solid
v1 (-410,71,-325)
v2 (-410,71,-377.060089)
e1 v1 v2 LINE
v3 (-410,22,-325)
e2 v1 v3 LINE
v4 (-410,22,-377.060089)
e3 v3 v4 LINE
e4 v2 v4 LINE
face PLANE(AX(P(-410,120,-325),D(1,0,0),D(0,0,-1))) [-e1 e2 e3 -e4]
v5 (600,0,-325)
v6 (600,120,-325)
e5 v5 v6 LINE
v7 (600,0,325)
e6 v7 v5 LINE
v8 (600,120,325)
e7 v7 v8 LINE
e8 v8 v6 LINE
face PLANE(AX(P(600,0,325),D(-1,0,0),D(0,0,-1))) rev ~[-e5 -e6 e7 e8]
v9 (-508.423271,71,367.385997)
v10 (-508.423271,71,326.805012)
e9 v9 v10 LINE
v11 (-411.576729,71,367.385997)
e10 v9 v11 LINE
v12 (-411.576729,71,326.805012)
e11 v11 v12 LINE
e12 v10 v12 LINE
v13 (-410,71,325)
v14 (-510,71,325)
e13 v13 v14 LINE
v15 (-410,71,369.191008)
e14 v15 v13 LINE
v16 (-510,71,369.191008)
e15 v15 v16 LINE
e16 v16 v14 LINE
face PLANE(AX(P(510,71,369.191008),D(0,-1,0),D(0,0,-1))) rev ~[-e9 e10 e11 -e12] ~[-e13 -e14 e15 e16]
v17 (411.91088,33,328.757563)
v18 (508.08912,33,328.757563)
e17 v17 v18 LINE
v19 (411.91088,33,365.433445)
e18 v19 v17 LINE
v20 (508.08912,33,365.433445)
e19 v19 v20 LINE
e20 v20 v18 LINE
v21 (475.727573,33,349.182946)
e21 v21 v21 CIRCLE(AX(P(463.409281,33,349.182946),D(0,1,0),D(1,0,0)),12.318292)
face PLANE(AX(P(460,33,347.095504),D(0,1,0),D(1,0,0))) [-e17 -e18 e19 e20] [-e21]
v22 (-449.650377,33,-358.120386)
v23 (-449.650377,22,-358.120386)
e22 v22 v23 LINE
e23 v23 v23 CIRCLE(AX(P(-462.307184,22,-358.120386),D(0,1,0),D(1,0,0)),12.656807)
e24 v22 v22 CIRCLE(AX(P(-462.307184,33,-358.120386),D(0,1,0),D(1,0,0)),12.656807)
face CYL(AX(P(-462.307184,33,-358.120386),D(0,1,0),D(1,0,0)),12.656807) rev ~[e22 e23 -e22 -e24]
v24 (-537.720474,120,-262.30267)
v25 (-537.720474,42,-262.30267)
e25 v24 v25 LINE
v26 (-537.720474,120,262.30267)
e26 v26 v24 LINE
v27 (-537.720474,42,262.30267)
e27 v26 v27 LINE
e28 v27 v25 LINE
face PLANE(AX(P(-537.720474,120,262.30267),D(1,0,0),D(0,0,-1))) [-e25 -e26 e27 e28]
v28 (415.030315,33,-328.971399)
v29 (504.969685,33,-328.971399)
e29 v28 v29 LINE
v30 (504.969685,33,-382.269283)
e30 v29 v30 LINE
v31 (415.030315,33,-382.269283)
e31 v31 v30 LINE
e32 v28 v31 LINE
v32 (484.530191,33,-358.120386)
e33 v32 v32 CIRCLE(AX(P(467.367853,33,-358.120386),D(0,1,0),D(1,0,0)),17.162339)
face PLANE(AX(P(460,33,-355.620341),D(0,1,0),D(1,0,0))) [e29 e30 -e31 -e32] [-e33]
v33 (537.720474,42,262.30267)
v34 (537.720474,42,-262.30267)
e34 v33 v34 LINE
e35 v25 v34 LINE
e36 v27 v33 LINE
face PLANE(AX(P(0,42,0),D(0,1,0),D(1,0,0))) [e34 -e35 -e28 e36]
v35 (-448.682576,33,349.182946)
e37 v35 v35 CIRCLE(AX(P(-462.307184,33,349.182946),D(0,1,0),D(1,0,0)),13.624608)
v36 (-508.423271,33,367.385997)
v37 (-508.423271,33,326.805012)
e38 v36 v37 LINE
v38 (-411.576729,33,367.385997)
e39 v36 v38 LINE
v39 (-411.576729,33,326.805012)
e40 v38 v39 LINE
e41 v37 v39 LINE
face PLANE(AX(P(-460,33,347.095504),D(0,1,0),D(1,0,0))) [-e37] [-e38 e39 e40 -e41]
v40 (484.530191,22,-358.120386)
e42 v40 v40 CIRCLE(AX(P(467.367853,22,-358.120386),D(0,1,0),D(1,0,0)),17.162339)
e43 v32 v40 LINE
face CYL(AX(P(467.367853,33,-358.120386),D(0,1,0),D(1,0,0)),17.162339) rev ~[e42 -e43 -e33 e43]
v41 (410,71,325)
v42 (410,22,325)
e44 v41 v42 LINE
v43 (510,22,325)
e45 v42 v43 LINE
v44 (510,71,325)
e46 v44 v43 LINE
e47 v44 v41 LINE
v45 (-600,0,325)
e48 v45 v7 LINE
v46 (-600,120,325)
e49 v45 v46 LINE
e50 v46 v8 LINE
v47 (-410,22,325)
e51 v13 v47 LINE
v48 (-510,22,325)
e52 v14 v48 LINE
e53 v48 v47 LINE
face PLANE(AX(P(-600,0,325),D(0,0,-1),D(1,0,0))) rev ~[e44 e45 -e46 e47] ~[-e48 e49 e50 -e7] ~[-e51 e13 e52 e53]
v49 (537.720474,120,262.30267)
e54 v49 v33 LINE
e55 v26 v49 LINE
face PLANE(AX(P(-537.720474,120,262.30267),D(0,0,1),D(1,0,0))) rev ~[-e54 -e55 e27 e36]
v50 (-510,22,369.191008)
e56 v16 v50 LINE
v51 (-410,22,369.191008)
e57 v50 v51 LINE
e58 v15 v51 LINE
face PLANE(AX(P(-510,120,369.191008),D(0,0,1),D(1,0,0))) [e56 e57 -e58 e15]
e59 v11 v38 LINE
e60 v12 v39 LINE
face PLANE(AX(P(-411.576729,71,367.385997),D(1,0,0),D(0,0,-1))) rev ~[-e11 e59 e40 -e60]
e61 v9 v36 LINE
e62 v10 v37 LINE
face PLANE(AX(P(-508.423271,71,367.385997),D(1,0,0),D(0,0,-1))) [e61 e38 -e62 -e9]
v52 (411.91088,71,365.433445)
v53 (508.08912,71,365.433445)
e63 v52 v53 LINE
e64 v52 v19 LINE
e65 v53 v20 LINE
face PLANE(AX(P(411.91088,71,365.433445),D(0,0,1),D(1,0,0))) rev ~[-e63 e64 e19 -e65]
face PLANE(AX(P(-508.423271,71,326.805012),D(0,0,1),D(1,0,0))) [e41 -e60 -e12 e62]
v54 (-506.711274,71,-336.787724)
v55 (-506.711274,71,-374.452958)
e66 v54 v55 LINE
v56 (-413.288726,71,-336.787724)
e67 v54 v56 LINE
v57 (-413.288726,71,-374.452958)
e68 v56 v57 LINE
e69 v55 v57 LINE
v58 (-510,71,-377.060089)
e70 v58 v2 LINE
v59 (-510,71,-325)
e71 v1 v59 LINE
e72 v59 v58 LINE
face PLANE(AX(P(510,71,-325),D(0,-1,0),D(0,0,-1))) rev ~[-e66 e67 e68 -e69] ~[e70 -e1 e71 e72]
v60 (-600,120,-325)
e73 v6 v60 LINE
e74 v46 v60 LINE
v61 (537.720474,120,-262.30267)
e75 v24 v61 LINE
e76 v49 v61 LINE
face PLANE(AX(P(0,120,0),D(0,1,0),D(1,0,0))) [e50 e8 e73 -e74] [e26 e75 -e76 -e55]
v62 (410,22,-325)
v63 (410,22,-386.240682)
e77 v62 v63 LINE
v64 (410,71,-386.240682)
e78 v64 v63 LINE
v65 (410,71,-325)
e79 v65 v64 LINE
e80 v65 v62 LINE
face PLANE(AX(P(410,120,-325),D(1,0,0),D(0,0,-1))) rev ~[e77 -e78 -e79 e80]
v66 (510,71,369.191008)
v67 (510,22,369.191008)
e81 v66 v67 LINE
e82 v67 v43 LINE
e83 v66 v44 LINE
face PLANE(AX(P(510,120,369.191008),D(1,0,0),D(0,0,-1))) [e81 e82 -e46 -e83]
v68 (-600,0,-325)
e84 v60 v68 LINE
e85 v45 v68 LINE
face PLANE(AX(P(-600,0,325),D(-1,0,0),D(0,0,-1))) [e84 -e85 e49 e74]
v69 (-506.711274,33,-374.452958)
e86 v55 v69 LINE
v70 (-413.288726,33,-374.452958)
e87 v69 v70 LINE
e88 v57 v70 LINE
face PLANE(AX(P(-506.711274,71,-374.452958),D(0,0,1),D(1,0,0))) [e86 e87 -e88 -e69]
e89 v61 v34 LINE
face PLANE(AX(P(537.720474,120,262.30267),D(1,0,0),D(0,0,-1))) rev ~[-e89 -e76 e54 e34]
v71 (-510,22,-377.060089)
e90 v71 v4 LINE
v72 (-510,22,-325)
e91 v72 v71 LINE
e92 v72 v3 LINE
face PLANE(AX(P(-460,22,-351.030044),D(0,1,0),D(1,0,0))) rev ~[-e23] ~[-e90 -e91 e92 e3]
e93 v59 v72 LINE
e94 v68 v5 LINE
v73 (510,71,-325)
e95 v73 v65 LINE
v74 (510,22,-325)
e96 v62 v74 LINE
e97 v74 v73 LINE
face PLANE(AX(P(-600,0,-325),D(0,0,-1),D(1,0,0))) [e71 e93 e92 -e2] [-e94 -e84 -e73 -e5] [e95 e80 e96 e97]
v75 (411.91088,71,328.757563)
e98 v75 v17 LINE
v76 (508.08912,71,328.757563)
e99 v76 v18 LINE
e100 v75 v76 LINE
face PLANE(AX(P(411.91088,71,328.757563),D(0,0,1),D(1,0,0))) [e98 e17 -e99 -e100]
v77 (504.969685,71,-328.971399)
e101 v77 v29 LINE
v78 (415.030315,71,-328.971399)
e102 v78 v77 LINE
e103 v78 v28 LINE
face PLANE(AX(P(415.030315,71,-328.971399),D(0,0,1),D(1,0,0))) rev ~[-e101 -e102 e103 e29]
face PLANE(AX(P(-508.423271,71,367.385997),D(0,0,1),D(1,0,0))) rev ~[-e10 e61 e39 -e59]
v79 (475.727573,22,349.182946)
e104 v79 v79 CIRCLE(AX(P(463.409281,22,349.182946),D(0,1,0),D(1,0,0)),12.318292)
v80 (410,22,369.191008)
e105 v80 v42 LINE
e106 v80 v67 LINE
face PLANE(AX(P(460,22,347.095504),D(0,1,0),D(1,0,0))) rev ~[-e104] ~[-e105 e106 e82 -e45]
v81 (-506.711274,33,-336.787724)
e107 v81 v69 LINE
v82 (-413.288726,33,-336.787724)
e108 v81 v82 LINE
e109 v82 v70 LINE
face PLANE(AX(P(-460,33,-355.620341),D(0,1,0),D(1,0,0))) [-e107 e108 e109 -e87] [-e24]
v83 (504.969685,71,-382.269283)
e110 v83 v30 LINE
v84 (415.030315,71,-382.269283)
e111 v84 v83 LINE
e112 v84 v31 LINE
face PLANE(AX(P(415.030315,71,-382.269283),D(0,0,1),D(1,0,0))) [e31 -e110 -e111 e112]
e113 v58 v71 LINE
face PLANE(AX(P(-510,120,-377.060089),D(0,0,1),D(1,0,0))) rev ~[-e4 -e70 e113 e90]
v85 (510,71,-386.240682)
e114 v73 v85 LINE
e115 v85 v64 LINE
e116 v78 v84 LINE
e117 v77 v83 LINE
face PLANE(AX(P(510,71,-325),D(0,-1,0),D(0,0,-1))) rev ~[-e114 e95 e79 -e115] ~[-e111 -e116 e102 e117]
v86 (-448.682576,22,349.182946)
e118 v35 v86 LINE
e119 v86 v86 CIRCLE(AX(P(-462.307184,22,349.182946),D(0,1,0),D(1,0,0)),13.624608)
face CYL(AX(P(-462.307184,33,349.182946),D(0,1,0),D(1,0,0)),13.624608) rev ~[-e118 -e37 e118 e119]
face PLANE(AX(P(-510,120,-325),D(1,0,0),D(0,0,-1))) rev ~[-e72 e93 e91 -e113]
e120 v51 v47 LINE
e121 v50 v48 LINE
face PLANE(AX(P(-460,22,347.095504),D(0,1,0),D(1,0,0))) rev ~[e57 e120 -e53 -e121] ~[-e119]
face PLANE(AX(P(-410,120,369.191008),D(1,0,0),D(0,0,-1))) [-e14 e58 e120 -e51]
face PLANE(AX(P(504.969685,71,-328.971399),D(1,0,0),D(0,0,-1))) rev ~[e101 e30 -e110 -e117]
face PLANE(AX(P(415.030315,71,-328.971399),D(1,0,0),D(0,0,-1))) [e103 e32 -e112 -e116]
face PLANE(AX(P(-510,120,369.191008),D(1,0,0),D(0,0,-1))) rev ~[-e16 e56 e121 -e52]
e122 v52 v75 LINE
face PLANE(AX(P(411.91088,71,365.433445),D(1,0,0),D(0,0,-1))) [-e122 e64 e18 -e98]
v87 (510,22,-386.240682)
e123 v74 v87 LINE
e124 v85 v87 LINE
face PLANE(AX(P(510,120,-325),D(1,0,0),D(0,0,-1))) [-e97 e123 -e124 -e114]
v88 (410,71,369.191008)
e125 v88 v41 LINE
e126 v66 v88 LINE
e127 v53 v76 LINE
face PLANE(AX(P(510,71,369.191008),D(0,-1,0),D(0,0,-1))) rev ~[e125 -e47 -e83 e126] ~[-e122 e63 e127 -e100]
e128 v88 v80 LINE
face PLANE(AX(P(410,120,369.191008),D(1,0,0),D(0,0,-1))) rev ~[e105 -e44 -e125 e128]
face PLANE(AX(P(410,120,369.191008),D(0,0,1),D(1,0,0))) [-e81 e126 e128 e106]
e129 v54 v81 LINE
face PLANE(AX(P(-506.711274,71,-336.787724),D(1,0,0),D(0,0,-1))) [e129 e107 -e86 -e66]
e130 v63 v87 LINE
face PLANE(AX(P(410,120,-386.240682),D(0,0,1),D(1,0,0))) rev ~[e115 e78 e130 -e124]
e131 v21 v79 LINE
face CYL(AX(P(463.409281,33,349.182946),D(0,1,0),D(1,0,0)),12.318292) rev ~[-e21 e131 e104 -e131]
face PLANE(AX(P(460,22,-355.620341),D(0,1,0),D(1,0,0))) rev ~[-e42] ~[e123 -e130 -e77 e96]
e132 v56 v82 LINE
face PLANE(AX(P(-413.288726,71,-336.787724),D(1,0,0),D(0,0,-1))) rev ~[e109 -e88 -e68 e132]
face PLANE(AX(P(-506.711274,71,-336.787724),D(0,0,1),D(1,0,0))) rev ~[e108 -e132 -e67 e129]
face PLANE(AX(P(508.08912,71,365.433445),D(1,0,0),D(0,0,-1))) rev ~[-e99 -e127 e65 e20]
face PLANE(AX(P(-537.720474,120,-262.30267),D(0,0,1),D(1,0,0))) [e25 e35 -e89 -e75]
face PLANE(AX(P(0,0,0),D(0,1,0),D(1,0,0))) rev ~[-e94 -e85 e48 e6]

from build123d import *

# Parameters (mm, degrees)
SKETCH1_W                = 1200
SKETCH1_H                = 650
BOSS_EXTRUDE1_DEPTH      = 120
SKETCH6_W                = 1075.440948148
SKETCH6_H                = 524.60534056
CUT_EXTRUDE5_DEPTH       = 78
SKETCH2_W                = 100
SKETCH2_H                = 61.240681987
SKETCH2_H_2              = 52.060088527
SKETCH2_H_3              = 44.191008419
BOSS_EXTRUDE3_DEPTH      = 98
SKETCH7_W                = 44.191008419
SKETCH7_H                = 49
CUT_EXTRUDE6_DEPTH       = 91
CUT_EXTRUDE6_DEPTH_BACK  = 1111
SKETCH8_W                = 61.240681987
SKETCH8_H                = 49
CUT_EXTRUDE7_DEPTH       = 91
CUT_EXTRUDE7_DEPTH_BACK  = 1111
SKETCH10_W               = 96.846541068
SKETCH10_H               = 40.58098524
SKETCH10_W_2             = 96.178240502
SKETCH10_H_2             = 36.675881957
SKETCH10_W_3             = 89.939369206
SKETCH10_H_3             = 53.297884326
SKETCH10_W_4             = 93.422548206
SKETCH10_H_4             = 37.665233543
CUT_EXTRUDE9_DEPTH       = 38
SKETCH11_R               = 12.656806897
SKETCH11_R_2             = 13.624607795
SKETCH11_R_3             = 12.31829203
SKETCH11_R_4             = 17.162338859
CUT_EXTRUDE10_DEPTH      = 88
CUT_EXTRUDE10_DEPTH_BACK = 34


with BuildPart() as part:
    # Sketch1 → Boss-Extrude1 (new body)
    with BuildSketch(Plane(origin=(0, 0, 0), x_dir=(1, 0, 0), z_dir=(0, 1, 0))):
        Rectangle(SKETCH1_W, SKETCH1_H)
    extrude(amount=BOSS_EXTRUDE1_DEPTH)

    # Sketch6 → Cut-Extrude5 (cut)
    with BuildSketch(Plane(origin=(0, 120, 0), x_dir=(1, 0, 0), z_dir=(0, 1, 0))):
        Rectangle(SKETCH6_W, SKETCH6_H)
    extrude(amount=-CUT_EXTRUDE5_DEPTH, mode=Mode.SUBTRACT)

    # Sketch2 → Boss-Extrude3 (add)
    with BuildSketch(Plane(origin=(0, 120, 0), x_dir=(1, 0, 0), z_dir=(0, 1, 0))):
        with Locations((460, 355.620340994)):
            Rectangle(SKETCH2_W, SKETCH2_H)
        with Locations((-460, 351.030044264)):
            Rectangle(SKETCH2_W, SKETCH2_H_2)
        with Locations((-460, -347.09550421)):
            Rectangle(SKETCH2_W, SKETCH2_H_3)
        with Locations((460, -347.09550421)):
            Rectangle(SKETCH2_W, SKETCH2_H_3)
    extrude(amount=-BOSS_EXTRUDE3_DEPTH)

    # Sketch7 → Cut-Extrude6 (cut, two sides)
    with BuildSketch(Plane(origin=(510, 0, 0), x_dir=(0, 0, -1), z_dir=(1, 0, 0))) as cut_extrude6_sk:
        with Locations((-347.09550421, 95.5)):
            Rectangle(SKETCH7_W, SKETCH7_H)
    extrude(amount=CUT_EXTRUDE6_DEPTH, mode=Mode.SUBTRACT)
    extrude(cut_extrude6_sk.sketch, amount=-CUT_EXTRUDE6_DEPTH_BACK, mode=Mode.SUBTRACT)

    # Sketch8 → Cut-Extrude7 (cut, two sides)
    with BuildSketch(Plane(origin=(510, 0, 0), x_dir=(0, 0, -1), z_dir=(1, 0, 0))) as cut_extrude7_sk:
        with Locations((355.620340994, 95.5)):
            Rectangle(SKETCH8_W, SKETCH8_H)
    extrude(amount=CUT_EXTRUDE7_DEPTH, mode=Mode.SUBTRACT)
    extrude(cut_extrude7_sk.sketch, amount=-CUT_EXTRUDE7_DEPTH_BACK, mode=Mode.SUBTRACT)

    # Sketch10 → Cut-Extrude9 (cut)
    with BuildSketch(Plane(origin=(0, 71, 0), x_dir=(1, 0, 0), z_dir=(0, 1, 0))):
        with Locations((-460, -347.095504209)):
            Rectangle(SKETCH10_W, SKETCH10_H)
        with Locations((460, -347.09550421)):
            Rectangle(SKETCH10_W_2, SKETCH10_H_2)
        with Locations((460, 355.620340993)):
            Rectangle(SKETCH10_W_3, SKETCH10_H_3)
        with Locations((-460, 355.620340994)):
            Rectangle(SKETCH10_W_4, SKETCH10_H_4)
    extrude(amount=-CUT_EXTRUDE9_DEPTH, mode=Mode.SUBTRACT)

    # Sketch11 → Cut-Extrude10 (cut, two sides)
    with BuildSketch(Plane(origin=(0, 33, 0), x_dir=(1, 0, 0), z_dir=(0, 1, 0))) as cut_extrude10_sk:
        with Locations((-462.307183801, 358.120386365)):
            Circle(SKETCH11_R)
        with Locations((-462.307183801, -349.182945784)):
            Circle(SKETCH11_R_2)
        with Locations((463.409280552, -349.182945784)):
            Circle(SKETCH11_R_3)
        with Locations((467.367852557, 358.120386365)):
            Circle(SKETCH11_R_4)
    extrude(amount=CUT_EXTRUDE10_DEPTH, mode=Mode.SUBTRACT)
    extrude(cut_extrude10_sk.sketch, amount=-CUT_EXTRUDE10_DEPTH_BACK, mode=Mode.SUBTRACT)


solid = part.part
